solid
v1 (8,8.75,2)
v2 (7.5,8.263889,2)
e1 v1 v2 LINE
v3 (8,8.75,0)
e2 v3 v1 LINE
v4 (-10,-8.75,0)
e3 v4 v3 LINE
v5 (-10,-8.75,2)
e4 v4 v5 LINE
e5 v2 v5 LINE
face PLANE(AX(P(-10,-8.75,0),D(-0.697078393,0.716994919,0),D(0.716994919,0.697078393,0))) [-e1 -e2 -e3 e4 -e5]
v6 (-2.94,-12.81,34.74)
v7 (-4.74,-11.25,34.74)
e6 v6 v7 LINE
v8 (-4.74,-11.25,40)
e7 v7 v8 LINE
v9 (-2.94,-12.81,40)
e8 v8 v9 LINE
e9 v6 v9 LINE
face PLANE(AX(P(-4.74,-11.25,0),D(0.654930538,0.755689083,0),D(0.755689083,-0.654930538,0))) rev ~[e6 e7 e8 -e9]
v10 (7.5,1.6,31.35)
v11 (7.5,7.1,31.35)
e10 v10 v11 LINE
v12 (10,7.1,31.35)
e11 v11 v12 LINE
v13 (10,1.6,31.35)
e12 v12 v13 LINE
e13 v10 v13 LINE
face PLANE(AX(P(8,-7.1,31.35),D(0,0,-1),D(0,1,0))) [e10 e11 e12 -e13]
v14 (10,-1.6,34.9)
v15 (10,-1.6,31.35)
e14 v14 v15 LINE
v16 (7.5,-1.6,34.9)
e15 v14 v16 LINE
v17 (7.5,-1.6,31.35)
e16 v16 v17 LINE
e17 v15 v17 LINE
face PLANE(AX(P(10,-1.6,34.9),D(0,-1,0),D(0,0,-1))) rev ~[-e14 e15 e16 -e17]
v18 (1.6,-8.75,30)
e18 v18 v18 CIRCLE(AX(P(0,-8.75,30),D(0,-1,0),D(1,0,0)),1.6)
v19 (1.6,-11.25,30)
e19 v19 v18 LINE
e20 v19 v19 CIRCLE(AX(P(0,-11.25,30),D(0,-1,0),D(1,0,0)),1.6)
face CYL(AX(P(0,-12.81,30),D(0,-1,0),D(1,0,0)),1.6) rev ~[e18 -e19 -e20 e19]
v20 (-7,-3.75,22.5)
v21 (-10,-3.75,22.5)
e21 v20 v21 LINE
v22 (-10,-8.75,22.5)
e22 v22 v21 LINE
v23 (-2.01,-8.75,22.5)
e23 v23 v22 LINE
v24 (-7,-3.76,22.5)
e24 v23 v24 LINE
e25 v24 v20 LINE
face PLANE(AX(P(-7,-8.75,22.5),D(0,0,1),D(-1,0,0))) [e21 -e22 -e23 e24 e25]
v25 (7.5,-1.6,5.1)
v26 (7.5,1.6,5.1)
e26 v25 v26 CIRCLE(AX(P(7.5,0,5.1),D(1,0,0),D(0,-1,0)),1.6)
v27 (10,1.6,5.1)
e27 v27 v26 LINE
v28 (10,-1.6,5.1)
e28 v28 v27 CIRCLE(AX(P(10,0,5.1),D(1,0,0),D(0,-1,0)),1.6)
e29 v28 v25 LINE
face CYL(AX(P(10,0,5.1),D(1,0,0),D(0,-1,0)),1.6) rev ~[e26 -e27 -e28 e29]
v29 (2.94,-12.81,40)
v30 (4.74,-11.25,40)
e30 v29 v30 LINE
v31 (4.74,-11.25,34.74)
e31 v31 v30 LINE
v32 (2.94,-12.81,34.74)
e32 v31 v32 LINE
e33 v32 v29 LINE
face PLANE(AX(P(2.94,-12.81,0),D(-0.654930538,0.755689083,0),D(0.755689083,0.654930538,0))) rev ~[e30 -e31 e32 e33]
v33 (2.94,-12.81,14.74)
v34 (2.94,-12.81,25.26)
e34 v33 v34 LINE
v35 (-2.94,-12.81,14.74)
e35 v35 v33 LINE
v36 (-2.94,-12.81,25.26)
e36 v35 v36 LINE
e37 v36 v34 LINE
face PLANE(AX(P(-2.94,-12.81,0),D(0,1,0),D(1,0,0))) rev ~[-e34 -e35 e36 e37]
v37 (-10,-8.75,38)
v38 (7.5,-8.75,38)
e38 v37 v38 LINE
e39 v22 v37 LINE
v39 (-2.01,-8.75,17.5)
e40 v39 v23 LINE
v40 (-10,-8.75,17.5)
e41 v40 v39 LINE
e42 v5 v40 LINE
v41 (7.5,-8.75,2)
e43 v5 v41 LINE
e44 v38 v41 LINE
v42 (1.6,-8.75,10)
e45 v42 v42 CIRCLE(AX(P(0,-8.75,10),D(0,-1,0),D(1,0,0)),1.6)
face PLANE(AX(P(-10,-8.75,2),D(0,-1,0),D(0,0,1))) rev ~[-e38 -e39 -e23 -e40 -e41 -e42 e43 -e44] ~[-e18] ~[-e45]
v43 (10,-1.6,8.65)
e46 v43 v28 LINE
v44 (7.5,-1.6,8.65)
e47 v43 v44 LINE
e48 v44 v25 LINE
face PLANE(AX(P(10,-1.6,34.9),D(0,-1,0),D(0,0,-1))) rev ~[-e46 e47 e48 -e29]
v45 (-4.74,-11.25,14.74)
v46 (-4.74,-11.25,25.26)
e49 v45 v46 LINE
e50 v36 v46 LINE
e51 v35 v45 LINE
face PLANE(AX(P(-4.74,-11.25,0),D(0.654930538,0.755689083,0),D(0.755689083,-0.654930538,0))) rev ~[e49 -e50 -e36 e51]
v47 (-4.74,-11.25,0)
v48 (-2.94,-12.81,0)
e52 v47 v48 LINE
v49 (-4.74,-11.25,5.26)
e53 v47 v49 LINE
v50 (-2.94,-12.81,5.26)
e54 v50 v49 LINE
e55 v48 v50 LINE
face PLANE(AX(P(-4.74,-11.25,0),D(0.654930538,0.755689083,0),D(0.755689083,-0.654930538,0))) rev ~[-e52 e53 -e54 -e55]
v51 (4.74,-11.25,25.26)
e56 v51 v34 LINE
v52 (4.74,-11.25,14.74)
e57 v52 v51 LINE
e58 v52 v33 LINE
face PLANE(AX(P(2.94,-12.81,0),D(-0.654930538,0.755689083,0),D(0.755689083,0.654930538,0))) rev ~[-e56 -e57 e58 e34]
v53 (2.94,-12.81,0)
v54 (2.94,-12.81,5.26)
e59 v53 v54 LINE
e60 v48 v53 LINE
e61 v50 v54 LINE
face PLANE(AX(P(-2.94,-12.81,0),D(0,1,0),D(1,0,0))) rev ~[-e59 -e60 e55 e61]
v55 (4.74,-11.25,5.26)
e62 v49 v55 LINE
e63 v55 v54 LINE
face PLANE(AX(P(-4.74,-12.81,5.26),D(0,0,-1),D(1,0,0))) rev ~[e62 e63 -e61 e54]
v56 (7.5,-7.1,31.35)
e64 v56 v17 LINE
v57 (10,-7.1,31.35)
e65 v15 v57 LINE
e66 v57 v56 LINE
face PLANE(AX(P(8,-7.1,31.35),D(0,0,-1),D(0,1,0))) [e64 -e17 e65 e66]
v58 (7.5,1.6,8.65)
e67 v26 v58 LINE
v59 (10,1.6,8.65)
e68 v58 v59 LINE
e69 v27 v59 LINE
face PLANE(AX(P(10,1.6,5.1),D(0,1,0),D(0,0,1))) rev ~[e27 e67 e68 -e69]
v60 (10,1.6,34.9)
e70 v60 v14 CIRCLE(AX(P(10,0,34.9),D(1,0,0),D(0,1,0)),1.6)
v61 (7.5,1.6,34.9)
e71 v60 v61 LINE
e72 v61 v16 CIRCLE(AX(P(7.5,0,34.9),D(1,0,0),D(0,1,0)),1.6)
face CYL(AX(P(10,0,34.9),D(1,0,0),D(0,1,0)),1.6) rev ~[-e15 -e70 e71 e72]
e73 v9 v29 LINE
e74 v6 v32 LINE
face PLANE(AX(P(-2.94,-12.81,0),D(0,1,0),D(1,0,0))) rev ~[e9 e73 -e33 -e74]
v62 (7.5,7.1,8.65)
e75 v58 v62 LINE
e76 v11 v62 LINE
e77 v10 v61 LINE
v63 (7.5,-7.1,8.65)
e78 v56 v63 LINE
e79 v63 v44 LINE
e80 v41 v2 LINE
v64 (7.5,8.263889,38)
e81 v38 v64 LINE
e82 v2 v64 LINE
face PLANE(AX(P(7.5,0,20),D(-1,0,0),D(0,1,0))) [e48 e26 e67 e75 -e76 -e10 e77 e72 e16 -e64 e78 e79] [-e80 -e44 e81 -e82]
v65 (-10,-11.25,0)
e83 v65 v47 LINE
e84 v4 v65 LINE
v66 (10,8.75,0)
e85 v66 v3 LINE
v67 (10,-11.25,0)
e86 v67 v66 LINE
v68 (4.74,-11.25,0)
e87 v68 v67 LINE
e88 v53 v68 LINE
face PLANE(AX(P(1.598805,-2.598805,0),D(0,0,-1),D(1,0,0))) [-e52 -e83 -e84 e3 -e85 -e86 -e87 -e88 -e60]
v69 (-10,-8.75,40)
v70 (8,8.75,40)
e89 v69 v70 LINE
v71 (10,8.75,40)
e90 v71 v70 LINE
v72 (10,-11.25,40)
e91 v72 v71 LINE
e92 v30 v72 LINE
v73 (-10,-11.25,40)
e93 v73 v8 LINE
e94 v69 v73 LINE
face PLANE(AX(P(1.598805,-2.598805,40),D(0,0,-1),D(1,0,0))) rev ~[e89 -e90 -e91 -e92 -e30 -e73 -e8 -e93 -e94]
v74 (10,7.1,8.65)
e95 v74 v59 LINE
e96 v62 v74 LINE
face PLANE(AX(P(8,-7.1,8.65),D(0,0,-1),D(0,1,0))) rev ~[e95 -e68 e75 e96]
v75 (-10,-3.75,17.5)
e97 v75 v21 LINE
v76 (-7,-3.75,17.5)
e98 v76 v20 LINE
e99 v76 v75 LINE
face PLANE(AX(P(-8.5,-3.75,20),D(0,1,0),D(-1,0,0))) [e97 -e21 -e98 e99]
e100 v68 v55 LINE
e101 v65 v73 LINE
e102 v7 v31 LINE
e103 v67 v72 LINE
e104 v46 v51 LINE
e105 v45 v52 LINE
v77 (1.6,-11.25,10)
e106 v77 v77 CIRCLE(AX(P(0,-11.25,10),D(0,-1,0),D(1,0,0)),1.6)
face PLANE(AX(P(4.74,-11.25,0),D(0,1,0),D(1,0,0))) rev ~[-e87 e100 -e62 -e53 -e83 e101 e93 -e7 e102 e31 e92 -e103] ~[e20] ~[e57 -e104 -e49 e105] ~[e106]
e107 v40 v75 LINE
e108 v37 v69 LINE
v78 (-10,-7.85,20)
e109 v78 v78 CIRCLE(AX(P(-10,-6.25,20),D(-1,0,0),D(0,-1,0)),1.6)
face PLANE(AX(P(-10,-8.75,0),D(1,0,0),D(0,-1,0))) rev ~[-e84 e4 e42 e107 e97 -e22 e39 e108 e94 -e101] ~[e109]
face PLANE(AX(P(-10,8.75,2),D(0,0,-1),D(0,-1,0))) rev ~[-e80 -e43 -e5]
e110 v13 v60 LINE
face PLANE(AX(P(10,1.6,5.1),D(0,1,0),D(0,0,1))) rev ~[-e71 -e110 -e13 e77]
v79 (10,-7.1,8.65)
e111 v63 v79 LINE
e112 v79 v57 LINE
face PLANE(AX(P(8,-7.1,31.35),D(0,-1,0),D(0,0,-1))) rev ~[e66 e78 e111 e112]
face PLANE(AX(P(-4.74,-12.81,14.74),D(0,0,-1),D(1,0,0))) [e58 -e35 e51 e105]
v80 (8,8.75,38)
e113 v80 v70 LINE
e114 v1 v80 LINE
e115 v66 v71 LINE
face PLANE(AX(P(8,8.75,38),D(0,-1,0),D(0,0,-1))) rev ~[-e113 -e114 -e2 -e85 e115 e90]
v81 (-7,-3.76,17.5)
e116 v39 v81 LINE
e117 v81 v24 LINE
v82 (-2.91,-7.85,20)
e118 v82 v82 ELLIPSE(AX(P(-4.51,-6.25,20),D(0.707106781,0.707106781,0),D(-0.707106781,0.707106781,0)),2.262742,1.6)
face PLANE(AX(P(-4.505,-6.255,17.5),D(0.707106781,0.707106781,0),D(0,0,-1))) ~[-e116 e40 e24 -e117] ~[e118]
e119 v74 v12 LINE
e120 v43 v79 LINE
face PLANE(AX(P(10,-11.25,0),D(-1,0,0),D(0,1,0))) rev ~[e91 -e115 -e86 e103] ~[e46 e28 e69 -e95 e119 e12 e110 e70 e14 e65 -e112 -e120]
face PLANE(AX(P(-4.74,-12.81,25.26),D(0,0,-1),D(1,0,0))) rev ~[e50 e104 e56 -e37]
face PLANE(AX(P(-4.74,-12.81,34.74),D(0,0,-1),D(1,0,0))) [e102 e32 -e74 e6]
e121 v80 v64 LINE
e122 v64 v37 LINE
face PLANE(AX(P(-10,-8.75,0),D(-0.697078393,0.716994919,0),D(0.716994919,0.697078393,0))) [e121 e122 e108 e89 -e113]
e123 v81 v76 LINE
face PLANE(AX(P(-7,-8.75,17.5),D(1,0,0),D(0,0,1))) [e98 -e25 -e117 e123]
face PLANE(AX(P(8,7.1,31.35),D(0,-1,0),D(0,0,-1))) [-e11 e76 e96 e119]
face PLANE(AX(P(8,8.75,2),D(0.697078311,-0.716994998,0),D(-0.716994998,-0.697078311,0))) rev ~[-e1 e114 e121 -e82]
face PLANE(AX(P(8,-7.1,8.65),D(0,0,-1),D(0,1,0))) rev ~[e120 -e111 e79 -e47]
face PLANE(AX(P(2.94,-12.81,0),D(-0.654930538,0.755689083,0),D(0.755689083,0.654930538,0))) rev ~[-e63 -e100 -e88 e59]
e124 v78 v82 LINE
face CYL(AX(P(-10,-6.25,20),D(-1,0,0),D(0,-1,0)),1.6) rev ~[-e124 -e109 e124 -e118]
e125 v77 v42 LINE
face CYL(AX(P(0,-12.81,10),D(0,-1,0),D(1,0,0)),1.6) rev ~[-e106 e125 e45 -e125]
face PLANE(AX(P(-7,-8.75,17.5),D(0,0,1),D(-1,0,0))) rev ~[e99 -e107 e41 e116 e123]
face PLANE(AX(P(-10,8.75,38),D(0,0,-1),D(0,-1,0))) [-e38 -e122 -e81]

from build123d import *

# Parameters (mm, degrees)
PAD_DEPTH            = 40
PAD001_DEPTH         = 40
SKETCH002_W          = 17.5
SKETCH002_H          = 36
POCKET_DEPTH         = 18
SKETCH003_W          = 14.2
SKETCH003_H          = 22.7
POCKET001_DEPTH      = 2.001
SKETCH004_R          = 1.6
POCKET002_DEPTH      = 21.561
SKETCH005_W          = 9.48
SKETCH005_H          = 9.48
POCKET003_DEPTH      = 1.56
POCKET003_FACE12_W   = 17.5
POCKET003_FACE12_H   = 36
POCKET003_FACE12_W_2 = 14.2
POCKET003_FACE12_H_2 = 22.7
PAD002_DEPTH         = 0.5
POCKET004_DEPTH      = 38.001
POCKET005_DEPTH      = 2.5
SKETCH007_W          = 3
SKETCH007_H          = 5
PAD003_DEPTH         = 5
CHAMFER_SIZE         = 4.99
SKETCH008_R          = 1.6
POCKET006_DEPTH      = 17.5


with BuildPart() as part:
    # Sketch → Pad (new body)
    with BuildSketch(Plane.XY):
        Polygon((-10, -8.75), (-10, -11.25), (-4.74, -11.25), (-2.94, -12.81), (2.94, -12.81), (4.74, -11.25), (10, -11.25), (10, 8.75), (8, 8.75), (8, -8.75), align=None)
    extrude(amount=PAD_DEPTH)

    # Sketch001 (on Face11 of Pad) → Pad001 (join)
    with BuildSketch(Plane(origin=(0, 0, 0), x_dir=(1, 0, 0), z_dir=(0, 0, -1))):
        Polygon((-10, 8.75), (8, -8.75), (8, 8.75), align=None)
    extrude(amount=-PAD001_DEPTH)

    # Sketch002 (on Face1 of Pad001) → Pocket (cut)
    with BuildSketch(Plane(origin=(-10, 0, 0), x_dir=(0, -1, 0), z_dir=(-1, 0, 0))):
        with Locations((0, 20)):
            Rectangle(SKETCH002_W, SKETCH002_H)
    extrude(amount=-POCKET_DEPTH, mode=Mode.SUBTRACT)

    # Sketch003 (on Face12 of Pocket) → Pocket001 (cut, through all)
    with BuildSketch(Plane(origin=(8, 0, 0), x_dir=(0, -1, 0), z_dir=(-1, 0, 0))):
        with Locations((0, 20)):
            Rectangle(SKETCH003_W, SKETCH003_H)
    extrude(amount=-POCKET001_DEPTH, mode=Mode.SUBTRACT)

    # Sketch004 (on Face15 of Pocket001) → Pocket002 (cut, through all)
    with BuildSketch(Plane.XZ.offset(12.81)):
        with Locations((0, 30)):
            Circle(SKETCH004_R)
        with Locations((0, 10)):
            Circle(SKETCH004_R)
    extrude(amount=-POCKET002_DEPTH, mode=Mode.SUBTRACT)

    # Sketch005 (on Face17 of Pocket002) → Pocket003 (cut)
    with BuildSketch(Plane.XZ.offset(12.81)):
        with Locations((0, 30)):
            Rectangle(SKETCH005_W, SKETCH005_H)
        with Locations((0, 10)):
            Rectangle(SKETCH005_W, SKETCH005_H)
    extrude(amount=-POCKET003_DEPTH, mode=Mode.SUBTRACT)

    # Pocket003 Face12 → Pad002 (add)
    with BuildSketch(Plane(origin=(8, 0, 20), x_dir=(0, 1, 0), z_dir=(-1, 0, 0))):
        Rectangle(POCKET003_FACE12_W, POCKET003_FACE12_H)
        Rectangle(POCKET003_FACE12_W_2, POCKET003_FACE12_H_2, mode=Mode.SUBTRACT)
    extrude(amount=PAD002_DEPTH)

    # Pad002 Face11 → Pocket004 (cut, through all)
    with BuildSketch(Plane(origin=(7.666667, 8.587963, 2), x_dir=(0, -1, 0), z_dir=(0, 0, -1))):
        Polygon((-0.162037, -0.333333), (0.324074, 0.166667), (-0.162037, 0.166667), align=None)
    extrude(amount=-POCKET004_DEPTH, mode=Mode.SUBTRACT)

    # Sketch006 (on Face26 of Pocket004) → Pocket005 (cut)
    with BuildSketch(Plane.YZ.offset(10)):
        with BuildLine():
            ThreePointArc((1.6, 34.9), (0, 36.5), (-1.6, 34.9))
            Line((-1.6, 34.9), (-1.6, 5.1))
            ThreePointArc((-1.6, 5.1), (0, 3.5), (1.6, 5.1))
            Line((1.6, 5.1), (1.6, 34.9))
        make_face()
    extrude(amount=-POCKET005_DEPTH, mode=Mode.SUBTRACT)

    # Sketch007 (on Face3 of Pocket005) → Pad003 (join)
    with BuildSketch(Plane(origin=(0, -8.75, 0), x_dir=(-1, 0, 0), z_dir=(0, 1, 0))):
        with Locations((8.5, 20)):
            Rectangle(SKETCH007_W, SKETCH007_H)
    extrude(amount=PAD003_DEPTH)

    # Chamfer
    chamfer_edges = [part.edges().sort_by_distance(p)[0] for p in [
        (-7, -8.75, 20),
    ]]
    chamfer(chamfer_edges, length=CHAMFER_SIZE)

    # Sketch008 (on Face13 of Chamfer) → Pocket006 (cut)
    with BuildSketch(Plane(origin=(-10, 0, 0), x_dir=(0, -1, 0), z_dir=(-1, 0, 0))):
        with Locations((6.25, 20)):
            Circle(SKETCH008_R)
    extrude(amount=-POCKET006_DEPTH, mode=Mode.SUBTRACT)


solid = part.part
